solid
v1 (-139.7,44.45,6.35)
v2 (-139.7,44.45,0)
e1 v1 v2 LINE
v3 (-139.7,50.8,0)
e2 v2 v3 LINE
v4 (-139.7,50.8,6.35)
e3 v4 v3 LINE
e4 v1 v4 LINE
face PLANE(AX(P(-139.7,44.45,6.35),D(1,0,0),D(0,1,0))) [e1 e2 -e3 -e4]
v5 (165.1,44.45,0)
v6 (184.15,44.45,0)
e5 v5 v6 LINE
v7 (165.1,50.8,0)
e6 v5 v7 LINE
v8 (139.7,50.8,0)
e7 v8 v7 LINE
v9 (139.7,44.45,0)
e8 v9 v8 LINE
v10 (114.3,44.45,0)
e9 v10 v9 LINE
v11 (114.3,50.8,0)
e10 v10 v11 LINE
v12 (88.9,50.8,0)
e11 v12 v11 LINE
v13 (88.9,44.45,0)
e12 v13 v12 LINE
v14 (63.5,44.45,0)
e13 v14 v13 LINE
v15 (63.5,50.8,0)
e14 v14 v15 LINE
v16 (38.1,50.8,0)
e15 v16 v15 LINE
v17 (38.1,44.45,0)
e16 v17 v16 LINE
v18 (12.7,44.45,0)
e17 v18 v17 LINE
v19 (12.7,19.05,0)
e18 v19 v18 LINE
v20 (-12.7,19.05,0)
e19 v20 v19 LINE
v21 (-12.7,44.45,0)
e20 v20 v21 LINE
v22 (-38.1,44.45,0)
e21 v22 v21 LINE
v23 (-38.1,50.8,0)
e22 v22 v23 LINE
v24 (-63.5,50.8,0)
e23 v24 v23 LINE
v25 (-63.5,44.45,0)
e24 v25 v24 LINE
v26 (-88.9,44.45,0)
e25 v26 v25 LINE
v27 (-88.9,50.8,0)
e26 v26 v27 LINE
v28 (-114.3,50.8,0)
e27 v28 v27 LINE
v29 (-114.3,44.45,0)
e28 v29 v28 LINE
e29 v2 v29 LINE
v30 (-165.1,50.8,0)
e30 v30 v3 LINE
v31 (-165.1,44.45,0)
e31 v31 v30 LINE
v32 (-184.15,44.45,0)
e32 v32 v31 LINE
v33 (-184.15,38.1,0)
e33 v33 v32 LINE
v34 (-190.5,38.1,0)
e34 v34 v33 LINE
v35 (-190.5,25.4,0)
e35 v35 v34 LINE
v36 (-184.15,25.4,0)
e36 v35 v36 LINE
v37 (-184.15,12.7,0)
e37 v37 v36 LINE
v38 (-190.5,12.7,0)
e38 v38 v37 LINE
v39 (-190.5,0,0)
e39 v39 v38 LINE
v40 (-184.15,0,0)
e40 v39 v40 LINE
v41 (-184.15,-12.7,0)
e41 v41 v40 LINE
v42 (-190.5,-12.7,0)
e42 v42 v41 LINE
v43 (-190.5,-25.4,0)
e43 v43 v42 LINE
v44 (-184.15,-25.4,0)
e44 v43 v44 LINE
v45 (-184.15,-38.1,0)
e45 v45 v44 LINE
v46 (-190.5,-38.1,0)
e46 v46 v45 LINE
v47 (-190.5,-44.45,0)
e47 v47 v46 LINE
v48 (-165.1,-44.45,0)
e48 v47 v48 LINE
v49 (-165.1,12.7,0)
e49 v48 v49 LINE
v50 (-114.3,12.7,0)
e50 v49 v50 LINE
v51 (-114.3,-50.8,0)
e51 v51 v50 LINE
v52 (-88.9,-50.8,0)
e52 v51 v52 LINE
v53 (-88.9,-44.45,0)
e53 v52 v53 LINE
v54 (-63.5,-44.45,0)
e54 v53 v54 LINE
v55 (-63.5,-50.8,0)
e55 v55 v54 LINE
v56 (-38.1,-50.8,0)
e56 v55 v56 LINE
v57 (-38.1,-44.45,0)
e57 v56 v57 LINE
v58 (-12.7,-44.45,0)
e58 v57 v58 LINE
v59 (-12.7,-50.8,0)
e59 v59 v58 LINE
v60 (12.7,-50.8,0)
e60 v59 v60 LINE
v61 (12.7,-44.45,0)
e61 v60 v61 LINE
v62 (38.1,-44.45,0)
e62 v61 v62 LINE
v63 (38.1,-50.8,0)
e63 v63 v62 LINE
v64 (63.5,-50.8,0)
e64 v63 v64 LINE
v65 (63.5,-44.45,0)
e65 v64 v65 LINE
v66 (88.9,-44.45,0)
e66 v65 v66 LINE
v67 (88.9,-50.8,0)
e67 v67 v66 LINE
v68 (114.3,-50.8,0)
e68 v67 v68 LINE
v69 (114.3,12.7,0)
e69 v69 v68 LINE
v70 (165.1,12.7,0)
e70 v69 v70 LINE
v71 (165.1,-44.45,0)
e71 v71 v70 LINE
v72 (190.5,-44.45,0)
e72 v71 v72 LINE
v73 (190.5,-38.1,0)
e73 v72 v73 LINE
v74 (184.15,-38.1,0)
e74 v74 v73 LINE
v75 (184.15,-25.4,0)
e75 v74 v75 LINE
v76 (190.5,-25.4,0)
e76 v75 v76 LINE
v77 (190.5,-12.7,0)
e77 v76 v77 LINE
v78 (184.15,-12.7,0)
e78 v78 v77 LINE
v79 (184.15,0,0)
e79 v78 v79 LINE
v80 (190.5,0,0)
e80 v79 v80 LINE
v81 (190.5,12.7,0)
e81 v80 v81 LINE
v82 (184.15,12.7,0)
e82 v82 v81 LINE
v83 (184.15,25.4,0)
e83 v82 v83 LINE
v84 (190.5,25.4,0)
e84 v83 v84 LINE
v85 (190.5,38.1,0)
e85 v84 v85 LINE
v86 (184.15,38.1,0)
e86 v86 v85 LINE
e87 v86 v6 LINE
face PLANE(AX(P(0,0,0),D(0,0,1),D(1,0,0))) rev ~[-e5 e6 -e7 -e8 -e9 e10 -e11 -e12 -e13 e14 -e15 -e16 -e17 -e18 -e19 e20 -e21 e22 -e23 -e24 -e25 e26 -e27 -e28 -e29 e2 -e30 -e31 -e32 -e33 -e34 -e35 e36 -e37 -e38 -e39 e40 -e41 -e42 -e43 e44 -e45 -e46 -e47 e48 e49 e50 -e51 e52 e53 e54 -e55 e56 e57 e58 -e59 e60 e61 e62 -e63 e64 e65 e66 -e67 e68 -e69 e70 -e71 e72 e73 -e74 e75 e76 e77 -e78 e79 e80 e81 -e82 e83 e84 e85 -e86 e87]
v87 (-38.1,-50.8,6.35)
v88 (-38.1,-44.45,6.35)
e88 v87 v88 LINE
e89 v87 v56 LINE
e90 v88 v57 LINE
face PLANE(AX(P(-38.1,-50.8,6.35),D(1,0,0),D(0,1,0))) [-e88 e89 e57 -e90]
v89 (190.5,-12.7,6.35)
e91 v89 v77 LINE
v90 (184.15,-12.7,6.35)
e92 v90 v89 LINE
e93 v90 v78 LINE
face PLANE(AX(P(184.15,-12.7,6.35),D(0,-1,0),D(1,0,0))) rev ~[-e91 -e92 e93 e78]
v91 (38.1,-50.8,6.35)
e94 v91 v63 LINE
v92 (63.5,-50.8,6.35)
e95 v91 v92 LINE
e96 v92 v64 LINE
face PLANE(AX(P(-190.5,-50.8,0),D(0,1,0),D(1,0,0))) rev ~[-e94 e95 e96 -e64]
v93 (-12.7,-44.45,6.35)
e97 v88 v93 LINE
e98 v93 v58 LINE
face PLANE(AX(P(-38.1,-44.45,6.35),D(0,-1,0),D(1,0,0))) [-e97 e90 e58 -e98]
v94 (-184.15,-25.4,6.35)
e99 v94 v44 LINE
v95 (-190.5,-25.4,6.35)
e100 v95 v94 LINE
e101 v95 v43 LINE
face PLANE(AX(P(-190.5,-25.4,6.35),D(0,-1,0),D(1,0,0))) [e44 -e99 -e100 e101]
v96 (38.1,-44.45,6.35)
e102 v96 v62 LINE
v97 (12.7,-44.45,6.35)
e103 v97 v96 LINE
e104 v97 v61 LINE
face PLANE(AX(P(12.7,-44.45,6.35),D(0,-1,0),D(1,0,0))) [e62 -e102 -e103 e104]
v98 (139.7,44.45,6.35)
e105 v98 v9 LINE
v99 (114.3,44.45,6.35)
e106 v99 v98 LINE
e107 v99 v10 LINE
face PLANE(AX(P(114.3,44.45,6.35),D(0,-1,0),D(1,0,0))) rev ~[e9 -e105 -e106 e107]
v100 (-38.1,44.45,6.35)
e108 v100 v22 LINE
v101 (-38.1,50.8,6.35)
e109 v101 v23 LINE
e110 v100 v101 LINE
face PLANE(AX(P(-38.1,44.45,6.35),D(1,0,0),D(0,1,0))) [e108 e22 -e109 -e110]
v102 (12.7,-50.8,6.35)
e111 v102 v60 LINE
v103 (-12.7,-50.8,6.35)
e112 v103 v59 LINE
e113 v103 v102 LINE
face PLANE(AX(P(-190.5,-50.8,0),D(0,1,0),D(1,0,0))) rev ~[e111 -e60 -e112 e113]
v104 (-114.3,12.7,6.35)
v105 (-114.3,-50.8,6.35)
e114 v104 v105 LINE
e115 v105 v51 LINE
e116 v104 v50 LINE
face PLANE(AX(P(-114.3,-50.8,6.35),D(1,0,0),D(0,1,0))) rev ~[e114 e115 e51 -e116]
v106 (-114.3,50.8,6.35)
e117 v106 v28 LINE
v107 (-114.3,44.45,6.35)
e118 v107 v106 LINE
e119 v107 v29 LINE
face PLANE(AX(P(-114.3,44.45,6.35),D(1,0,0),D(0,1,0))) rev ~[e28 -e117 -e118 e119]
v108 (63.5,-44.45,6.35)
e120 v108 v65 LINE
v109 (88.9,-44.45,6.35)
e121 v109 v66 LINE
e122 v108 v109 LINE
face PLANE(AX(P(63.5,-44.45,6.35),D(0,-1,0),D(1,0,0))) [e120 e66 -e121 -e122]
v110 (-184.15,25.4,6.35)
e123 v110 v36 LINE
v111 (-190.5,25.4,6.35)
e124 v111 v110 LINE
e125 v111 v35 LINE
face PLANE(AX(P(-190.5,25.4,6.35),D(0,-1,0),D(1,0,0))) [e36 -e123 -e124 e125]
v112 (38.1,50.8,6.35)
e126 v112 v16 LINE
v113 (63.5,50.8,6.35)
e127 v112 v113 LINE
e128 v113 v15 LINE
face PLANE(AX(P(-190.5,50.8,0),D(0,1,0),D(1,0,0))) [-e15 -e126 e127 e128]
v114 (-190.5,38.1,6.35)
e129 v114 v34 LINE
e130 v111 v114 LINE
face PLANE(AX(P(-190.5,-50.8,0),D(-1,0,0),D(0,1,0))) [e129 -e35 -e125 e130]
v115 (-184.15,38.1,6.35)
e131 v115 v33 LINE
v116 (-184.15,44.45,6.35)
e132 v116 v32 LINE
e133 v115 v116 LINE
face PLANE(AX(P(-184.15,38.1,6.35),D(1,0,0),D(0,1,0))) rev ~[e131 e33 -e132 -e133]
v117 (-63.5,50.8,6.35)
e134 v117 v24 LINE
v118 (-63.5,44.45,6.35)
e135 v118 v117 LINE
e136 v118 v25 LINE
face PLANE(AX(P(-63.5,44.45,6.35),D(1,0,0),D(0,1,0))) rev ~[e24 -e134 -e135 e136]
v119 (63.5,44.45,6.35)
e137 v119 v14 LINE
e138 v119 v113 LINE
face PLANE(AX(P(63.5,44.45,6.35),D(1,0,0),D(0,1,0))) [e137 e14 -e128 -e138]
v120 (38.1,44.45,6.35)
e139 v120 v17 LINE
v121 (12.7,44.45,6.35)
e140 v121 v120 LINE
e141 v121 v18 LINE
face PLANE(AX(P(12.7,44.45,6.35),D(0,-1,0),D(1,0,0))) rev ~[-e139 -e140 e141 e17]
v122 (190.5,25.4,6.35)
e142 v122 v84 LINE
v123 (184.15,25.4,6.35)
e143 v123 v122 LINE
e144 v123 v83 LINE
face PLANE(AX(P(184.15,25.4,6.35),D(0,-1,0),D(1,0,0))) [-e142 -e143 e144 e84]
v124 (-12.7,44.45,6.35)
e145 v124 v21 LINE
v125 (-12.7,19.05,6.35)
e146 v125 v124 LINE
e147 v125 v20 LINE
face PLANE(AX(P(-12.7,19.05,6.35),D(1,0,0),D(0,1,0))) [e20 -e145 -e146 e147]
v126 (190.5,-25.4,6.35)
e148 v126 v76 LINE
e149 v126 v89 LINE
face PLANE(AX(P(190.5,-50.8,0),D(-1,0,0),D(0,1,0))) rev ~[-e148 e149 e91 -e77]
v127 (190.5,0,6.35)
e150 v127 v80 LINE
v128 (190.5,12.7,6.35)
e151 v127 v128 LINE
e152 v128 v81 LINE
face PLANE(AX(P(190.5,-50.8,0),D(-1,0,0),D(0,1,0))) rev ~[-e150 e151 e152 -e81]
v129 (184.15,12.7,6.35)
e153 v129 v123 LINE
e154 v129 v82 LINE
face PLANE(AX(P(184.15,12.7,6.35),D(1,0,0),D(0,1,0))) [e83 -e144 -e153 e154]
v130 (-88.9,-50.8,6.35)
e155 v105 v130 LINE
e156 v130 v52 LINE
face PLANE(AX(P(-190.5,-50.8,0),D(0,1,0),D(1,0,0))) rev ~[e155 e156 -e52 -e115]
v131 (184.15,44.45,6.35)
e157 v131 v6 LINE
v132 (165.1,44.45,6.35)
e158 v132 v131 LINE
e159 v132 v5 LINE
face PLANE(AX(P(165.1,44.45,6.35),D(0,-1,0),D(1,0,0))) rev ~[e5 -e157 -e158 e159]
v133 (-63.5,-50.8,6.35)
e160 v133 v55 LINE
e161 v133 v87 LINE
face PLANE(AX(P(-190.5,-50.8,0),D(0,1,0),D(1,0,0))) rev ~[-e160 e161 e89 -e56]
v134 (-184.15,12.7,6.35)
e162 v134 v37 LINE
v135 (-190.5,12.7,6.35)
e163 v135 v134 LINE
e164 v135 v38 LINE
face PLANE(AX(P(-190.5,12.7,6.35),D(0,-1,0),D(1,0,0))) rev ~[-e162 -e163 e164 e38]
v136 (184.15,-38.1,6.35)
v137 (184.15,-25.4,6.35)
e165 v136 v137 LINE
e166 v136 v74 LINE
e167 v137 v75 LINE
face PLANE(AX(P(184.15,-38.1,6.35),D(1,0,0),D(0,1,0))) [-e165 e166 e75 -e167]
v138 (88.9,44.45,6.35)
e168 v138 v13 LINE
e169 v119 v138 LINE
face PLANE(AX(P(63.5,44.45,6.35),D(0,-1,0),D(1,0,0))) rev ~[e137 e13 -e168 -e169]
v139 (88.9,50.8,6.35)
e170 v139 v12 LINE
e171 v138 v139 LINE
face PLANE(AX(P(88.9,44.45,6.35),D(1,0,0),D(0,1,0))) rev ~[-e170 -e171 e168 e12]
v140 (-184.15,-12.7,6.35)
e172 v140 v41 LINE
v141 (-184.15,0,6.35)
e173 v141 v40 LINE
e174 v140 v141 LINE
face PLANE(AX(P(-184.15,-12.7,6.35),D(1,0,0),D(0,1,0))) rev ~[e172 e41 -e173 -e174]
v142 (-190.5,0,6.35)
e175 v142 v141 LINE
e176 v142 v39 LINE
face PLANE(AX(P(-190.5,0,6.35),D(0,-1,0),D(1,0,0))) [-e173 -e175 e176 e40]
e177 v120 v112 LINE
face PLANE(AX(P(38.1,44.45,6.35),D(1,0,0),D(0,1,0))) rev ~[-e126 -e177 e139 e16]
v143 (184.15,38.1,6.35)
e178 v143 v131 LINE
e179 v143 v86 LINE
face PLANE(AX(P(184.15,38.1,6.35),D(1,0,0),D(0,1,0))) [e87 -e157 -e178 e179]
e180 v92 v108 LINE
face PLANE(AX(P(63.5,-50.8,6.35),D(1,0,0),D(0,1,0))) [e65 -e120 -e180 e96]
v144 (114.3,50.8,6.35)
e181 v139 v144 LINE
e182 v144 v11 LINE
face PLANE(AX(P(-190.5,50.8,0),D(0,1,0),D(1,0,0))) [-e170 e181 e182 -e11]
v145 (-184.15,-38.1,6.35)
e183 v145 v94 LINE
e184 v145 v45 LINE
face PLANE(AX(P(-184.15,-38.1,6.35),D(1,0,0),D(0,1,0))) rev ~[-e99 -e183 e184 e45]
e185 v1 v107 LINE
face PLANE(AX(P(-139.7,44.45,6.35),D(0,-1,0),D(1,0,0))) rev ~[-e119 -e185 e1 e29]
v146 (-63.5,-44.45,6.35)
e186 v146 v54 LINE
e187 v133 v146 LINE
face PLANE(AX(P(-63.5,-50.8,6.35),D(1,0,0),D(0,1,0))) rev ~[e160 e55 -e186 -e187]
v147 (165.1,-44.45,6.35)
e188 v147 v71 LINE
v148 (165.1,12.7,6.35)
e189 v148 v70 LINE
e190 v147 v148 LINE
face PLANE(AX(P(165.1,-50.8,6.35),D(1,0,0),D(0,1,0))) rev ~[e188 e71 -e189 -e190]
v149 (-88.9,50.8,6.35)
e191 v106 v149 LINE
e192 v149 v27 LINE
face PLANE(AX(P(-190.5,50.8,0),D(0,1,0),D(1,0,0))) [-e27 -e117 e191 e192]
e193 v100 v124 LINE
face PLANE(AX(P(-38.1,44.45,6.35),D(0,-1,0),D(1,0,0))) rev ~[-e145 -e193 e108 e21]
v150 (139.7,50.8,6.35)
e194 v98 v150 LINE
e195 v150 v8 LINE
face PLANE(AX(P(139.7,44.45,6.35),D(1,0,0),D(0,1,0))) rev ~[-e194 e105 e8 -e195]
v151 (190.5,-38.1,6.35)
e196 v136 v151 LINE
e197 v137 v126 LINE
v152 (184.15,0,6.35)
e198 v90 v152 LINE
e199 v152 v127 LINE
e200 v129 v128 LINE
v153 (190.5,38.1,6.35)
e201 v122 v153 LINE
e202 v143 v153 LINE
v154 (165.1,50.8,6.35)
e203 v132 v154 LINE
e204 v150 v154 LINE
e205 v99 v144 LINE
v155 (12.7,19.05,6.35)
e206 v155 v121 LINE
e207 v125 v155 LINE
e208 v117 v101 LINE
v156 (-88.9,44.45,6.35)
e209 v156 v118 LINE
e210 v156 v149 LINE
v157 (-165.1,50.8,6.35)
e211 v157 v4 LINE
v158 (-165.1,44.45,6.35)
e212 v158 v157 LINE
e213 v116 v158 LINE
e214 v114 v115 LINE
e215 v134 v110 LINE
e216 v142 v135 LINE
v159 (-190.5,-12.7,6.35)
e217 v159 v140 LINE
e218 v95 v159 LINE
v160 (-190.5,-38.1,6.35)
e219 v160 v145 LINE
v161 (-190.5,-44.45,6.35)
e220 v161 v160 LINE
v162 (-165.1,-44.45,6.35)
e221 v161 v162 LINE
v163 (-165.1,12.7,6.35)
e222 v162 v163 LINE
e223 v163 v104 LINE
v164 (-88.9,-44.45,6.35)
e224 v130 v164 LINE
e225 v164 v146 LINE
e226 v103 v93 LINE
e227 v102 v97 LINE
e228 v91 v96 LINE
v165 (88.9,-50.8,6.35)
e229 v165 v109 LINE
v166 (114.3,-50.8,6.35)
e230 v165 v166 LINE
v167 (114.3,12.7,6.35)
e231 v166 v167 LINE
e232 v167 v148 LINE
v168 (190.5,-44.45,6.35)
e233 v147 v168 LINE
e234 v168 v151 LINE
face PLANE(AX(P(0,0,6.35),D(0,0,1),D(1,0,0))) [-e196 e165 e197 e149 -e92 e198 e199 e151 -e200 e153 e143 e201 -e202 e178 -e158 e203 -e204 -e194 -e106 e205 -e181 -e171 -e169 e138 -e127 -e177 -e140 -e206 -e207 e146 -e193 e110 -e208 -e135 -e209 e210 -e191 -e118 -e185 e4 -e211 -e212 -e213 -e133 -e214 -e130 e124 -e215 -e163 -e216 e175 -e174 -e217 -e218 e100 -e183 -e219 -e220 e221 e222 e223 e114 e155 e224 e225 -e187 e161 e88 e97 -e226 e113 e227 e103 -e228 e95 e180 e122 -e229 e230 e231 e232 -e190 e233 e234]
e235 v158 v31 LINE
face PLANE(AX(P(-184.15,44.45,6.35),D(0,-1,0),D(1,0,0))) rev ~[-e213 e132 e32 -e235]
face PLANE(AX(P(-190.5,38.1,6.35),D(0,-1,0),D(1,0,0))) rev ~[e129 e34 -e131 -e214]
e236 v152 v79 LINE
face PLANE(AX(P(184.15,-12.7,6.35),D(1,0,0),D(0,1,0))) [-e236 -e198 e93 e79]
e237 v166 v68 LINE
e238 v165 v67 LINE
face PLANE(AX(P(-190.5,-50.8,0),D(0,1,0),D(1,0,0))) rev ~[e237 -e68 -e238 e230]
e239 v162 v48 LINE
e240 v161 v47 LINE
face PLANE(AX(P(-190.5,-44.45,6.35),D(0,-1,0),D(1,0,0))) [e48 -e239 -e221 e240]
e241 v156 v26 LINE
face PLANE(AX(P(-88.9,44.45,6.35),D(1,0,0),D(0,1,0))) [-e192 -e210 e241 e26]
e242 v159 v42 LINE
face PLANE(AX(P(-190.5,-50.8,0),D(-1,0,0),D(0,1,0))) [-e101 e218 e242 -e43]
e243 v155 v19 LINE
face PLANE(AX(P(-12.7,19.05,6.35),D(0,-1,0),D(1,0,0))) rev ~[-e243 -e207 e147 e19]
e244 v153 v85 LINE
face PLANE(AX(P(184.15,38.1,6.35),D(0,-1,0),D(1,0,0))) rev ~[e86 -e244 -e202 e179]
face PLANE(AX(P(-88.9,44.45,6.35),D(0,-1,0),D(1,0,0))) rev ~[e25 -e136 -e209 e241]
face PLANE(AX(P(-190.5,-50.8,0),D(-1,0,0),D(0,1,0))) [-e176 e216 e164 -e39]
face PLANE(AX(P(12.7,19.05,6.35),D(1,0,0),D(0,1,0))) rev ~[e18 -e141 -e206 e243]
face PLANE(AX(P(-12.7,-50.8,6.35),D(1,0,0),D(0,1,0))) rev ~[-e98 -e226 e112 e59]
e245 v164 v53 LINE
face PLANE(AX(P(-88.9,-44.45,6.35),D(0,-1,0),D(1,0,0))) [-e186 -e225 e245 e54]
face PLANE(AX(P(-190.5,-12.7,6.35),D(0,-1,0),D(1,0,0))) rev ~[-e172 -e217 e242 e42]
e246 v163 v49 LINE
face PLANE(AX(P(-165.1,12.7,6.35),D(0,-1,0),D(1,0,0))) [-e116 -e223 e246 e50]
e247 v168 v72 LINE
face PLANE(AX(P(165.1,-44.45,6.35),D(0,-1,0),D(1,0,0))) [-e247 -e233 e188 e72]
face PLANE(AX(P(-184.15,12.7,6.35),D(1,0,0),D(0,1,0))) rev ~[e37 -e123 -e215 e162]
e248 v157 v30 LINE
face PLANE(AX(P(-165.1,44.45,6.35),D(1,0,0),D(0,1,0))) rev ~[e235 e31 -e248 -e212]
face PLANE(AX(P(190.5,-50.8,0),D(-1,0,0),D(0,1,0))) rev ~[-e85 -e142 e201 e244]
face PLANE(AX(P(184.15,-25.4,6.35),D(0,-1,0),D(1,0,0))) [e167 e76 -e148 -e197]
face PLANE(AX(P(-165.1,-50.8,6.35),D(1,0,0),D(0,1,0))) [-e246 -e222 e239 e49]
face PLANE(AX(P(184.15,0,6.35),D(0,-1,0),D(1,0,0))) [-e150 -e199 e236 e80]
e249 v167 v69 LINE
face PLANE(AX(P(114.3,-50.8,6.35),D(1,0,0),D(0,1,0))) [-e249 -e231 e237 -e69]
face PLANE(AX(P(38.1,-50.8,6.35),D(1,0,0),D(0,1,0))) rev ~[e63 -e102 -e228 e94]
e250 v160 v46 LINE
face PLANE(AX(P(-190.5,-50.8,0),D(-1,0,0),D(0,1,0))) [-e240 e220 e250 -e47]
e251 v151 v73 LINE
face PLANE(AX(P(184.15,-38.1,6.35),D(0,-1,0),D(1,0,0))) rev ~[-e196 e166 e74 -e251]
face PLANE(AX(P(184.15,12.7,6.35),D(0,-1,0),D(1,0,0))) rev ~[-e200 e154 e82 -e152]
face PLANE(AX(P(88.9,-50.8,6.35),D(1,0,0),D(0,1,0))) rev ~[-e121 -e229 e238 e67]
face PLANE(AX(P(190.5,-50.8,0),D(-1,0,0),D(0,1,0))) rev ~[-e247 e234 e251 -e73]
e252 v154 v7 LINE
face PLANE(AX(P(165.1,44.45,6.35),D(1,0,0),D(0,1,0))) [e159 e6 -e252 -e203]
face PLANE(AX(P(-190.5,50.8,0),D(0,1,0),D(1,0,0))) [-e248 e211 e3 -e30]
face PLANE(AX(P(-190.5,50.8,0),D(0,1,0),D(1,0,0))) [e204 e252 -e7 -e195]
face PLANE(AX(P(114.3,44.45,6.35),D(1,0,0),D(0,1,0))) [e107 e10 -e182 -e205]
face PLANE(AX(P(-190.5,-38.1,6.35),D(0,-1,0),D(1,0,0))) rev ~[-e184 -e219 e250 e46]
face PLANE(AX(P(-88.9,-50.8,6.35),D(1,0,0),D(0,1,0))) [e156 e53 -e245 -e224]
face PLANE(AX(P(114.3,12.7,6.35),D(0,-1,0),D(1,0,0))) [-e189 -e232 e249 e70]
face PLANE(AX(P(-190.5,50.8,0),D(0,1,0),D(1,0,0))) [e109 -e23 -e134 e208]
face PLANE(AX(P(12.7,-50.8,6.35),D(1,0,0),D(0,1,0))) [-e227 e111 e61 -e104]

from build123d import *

# Parameters (mm, degrees)
SKETCH1_W           = 381
SKETCH1_H           = 101.6
BOSS_EXTRUDE1_DEPTH = 6.35
SKETCH2_W           = 19.05
SKETCH2_H           = 6.35
SKETCH2_W_2         = 6.35
SKETCH2_H_2         = 12.7
SKETCH2_W_3         = 25.4
CUT_EXTRUDE1_DEPTH  = 6.35
SKETCH3_W           = 50.8
SKETCH3_H           = 63.5
CUT_EXTRUDE2_DEPTH  = 6.35
SKETCH4_W           = 25.4
SKETCH4_H           = 31.75
CUT_EXTRUDE3_DEPTH  = 6.35


with BuildPart() as part:
    # Sketch1 → Boss-Extrude1 (new body)
    with BuildSketch(Plane.XY):
        Rectangle(SKETCH1_W, SKETCH1_H)
    extrude(amount=BOSS_EXTRUDE1_DEPTH)

    # Sketch2 → Cut-Extrude1 (cut)
    with BuildSketch(Plane.XY.offset(6.35)):
        with Locations((-174.625, 47.625)):
            Rectangle(SKETCH2_W, SKETCH2_H)
        with Locations((-187.325, 47.625)):
            Rectangle(SKETCH2_W_2, SKETCH2_H)
        with Locations((-187.325, 41.275)):
            Rectangle(SKETCH2_W_2, SKETCH2_H)
        with Locations((-187.325, 19.05)):
            Rectangle(SKETCH2_W_2, SKETCH2_H_2)
        with Locations((-187.325, -6.35)):
            Rectangle(SKETCH2_W_2, SKETCH2_H_2)
        with Locations((-187.325, -31.75)):
            Rectangle(SKETCH2_W_2, SKETCH2_H_2)
        with Locations((-177.8, -47.625)):
            Rectangle(SKETCH2_W_3, SKETCH2_H)
        with Locations((-127, -47.625)):
            Rectangle(SKETCH2_W_3, SKETCH2_H)
        with Locations((-76.2, -47.625)):
            Rectangle(SKETCH2_W_3, SKETCH2_H)
        with Locations((-25.4, -47.625)):
            Rectangle(SKETCH2_W_3, SKETCH2_H)
        with Locations((25.4, -47.625)):
            Rectangle(SKETCH2_W_3, SKETCH2_H)
        with Locations((-127, 47.625)):
            Rectangle(SKETCH2_W_3, SKETCH2_H)
        with Locations((-76.2, 47.625)):
            Rectangle(SKETCH2_W_3, SKETCH2_H)
        with Locations((-25.4, 47.625)):
            Rectangle(SKETCH2_W_3, SKETCH2_H)
        with Locations((25.4, 47.625)):
            Rectangle(SKETCH2_W_3, SKETCH2_H)
        with Locations((76.2, 47.625)):
            Rectangle(SKETCH2_W_3, SKETCH2_H)
        with Locations((76.2, -47.625)):
            Rectangle(SKETCH2_W_3, SKETCH2_H)
        with Locations((127, -47.625)):
            Rectangle(SKETCH2_W_3, SKETCH2_H)
        with Locations((127, 47.625)):
            Rectangle(SKETCH2_W_3, SKETCH2_H)
        with Locations((174.625, 47.625)):
            Rectangle(SKETCH2_W, SKETCH2_H)
        with Locations((187.325, 47.625)):
            Rectangle(SKETCH2_W_2, SKETCH2_H)
        with Locations((187.325, 41.275)):
            Rectangle(SKETCH2_W_2, SKETCH2_H)
        with Locations((187.325, 19.05)):
            Rectangle(SKETCH2_W_2, SKETCH2_H_2)
        with Locations((187.325, -6.35)):
            Rectangle(SKETCH2_W_2, SKETCH2_H_2)
        with Locations((187.325, -31.75)):
            Rectangle(SKETCH2_W_2, SKETCH2_H_2)
        with Locations((177.8, -47.625)):
            Rectangle(SKETCH2_W_3, SKETCH2_H)
    extrude(amount=-CUT_EXTRUDE1_DEPTH, mode=Mode.SUBTRACT)

    # Sketch3 → Cut-Extrude2 (cut)
    with BuildSketch(Plane.XY.offset(6.35)):
        with Locations((-139.7, -19.05)):
            Rectangle(SKETCH3_W, SKETCH3_H)
        with Locations((139.7, -19.05)):
            Rectangle(SKETCH3_W, SKETCH3_H)
    extrude(amount=-CUT_EXTRUDE2_DEPTH, mode=Mode.SUBTRACT)

    # Sketch4 → Cut-Extrude3 (cut)
    with BuildSketch(Plane.XY.offset(6.35)):
        with Locations((0, 34.925)):
            Rectangle(SKETCH4_W, SKETCH4_H)
    extrude(amount=-CUT_EXTRUDE3_DEPTH, mode=Mode.SUBTRACT)


solid = part.part
